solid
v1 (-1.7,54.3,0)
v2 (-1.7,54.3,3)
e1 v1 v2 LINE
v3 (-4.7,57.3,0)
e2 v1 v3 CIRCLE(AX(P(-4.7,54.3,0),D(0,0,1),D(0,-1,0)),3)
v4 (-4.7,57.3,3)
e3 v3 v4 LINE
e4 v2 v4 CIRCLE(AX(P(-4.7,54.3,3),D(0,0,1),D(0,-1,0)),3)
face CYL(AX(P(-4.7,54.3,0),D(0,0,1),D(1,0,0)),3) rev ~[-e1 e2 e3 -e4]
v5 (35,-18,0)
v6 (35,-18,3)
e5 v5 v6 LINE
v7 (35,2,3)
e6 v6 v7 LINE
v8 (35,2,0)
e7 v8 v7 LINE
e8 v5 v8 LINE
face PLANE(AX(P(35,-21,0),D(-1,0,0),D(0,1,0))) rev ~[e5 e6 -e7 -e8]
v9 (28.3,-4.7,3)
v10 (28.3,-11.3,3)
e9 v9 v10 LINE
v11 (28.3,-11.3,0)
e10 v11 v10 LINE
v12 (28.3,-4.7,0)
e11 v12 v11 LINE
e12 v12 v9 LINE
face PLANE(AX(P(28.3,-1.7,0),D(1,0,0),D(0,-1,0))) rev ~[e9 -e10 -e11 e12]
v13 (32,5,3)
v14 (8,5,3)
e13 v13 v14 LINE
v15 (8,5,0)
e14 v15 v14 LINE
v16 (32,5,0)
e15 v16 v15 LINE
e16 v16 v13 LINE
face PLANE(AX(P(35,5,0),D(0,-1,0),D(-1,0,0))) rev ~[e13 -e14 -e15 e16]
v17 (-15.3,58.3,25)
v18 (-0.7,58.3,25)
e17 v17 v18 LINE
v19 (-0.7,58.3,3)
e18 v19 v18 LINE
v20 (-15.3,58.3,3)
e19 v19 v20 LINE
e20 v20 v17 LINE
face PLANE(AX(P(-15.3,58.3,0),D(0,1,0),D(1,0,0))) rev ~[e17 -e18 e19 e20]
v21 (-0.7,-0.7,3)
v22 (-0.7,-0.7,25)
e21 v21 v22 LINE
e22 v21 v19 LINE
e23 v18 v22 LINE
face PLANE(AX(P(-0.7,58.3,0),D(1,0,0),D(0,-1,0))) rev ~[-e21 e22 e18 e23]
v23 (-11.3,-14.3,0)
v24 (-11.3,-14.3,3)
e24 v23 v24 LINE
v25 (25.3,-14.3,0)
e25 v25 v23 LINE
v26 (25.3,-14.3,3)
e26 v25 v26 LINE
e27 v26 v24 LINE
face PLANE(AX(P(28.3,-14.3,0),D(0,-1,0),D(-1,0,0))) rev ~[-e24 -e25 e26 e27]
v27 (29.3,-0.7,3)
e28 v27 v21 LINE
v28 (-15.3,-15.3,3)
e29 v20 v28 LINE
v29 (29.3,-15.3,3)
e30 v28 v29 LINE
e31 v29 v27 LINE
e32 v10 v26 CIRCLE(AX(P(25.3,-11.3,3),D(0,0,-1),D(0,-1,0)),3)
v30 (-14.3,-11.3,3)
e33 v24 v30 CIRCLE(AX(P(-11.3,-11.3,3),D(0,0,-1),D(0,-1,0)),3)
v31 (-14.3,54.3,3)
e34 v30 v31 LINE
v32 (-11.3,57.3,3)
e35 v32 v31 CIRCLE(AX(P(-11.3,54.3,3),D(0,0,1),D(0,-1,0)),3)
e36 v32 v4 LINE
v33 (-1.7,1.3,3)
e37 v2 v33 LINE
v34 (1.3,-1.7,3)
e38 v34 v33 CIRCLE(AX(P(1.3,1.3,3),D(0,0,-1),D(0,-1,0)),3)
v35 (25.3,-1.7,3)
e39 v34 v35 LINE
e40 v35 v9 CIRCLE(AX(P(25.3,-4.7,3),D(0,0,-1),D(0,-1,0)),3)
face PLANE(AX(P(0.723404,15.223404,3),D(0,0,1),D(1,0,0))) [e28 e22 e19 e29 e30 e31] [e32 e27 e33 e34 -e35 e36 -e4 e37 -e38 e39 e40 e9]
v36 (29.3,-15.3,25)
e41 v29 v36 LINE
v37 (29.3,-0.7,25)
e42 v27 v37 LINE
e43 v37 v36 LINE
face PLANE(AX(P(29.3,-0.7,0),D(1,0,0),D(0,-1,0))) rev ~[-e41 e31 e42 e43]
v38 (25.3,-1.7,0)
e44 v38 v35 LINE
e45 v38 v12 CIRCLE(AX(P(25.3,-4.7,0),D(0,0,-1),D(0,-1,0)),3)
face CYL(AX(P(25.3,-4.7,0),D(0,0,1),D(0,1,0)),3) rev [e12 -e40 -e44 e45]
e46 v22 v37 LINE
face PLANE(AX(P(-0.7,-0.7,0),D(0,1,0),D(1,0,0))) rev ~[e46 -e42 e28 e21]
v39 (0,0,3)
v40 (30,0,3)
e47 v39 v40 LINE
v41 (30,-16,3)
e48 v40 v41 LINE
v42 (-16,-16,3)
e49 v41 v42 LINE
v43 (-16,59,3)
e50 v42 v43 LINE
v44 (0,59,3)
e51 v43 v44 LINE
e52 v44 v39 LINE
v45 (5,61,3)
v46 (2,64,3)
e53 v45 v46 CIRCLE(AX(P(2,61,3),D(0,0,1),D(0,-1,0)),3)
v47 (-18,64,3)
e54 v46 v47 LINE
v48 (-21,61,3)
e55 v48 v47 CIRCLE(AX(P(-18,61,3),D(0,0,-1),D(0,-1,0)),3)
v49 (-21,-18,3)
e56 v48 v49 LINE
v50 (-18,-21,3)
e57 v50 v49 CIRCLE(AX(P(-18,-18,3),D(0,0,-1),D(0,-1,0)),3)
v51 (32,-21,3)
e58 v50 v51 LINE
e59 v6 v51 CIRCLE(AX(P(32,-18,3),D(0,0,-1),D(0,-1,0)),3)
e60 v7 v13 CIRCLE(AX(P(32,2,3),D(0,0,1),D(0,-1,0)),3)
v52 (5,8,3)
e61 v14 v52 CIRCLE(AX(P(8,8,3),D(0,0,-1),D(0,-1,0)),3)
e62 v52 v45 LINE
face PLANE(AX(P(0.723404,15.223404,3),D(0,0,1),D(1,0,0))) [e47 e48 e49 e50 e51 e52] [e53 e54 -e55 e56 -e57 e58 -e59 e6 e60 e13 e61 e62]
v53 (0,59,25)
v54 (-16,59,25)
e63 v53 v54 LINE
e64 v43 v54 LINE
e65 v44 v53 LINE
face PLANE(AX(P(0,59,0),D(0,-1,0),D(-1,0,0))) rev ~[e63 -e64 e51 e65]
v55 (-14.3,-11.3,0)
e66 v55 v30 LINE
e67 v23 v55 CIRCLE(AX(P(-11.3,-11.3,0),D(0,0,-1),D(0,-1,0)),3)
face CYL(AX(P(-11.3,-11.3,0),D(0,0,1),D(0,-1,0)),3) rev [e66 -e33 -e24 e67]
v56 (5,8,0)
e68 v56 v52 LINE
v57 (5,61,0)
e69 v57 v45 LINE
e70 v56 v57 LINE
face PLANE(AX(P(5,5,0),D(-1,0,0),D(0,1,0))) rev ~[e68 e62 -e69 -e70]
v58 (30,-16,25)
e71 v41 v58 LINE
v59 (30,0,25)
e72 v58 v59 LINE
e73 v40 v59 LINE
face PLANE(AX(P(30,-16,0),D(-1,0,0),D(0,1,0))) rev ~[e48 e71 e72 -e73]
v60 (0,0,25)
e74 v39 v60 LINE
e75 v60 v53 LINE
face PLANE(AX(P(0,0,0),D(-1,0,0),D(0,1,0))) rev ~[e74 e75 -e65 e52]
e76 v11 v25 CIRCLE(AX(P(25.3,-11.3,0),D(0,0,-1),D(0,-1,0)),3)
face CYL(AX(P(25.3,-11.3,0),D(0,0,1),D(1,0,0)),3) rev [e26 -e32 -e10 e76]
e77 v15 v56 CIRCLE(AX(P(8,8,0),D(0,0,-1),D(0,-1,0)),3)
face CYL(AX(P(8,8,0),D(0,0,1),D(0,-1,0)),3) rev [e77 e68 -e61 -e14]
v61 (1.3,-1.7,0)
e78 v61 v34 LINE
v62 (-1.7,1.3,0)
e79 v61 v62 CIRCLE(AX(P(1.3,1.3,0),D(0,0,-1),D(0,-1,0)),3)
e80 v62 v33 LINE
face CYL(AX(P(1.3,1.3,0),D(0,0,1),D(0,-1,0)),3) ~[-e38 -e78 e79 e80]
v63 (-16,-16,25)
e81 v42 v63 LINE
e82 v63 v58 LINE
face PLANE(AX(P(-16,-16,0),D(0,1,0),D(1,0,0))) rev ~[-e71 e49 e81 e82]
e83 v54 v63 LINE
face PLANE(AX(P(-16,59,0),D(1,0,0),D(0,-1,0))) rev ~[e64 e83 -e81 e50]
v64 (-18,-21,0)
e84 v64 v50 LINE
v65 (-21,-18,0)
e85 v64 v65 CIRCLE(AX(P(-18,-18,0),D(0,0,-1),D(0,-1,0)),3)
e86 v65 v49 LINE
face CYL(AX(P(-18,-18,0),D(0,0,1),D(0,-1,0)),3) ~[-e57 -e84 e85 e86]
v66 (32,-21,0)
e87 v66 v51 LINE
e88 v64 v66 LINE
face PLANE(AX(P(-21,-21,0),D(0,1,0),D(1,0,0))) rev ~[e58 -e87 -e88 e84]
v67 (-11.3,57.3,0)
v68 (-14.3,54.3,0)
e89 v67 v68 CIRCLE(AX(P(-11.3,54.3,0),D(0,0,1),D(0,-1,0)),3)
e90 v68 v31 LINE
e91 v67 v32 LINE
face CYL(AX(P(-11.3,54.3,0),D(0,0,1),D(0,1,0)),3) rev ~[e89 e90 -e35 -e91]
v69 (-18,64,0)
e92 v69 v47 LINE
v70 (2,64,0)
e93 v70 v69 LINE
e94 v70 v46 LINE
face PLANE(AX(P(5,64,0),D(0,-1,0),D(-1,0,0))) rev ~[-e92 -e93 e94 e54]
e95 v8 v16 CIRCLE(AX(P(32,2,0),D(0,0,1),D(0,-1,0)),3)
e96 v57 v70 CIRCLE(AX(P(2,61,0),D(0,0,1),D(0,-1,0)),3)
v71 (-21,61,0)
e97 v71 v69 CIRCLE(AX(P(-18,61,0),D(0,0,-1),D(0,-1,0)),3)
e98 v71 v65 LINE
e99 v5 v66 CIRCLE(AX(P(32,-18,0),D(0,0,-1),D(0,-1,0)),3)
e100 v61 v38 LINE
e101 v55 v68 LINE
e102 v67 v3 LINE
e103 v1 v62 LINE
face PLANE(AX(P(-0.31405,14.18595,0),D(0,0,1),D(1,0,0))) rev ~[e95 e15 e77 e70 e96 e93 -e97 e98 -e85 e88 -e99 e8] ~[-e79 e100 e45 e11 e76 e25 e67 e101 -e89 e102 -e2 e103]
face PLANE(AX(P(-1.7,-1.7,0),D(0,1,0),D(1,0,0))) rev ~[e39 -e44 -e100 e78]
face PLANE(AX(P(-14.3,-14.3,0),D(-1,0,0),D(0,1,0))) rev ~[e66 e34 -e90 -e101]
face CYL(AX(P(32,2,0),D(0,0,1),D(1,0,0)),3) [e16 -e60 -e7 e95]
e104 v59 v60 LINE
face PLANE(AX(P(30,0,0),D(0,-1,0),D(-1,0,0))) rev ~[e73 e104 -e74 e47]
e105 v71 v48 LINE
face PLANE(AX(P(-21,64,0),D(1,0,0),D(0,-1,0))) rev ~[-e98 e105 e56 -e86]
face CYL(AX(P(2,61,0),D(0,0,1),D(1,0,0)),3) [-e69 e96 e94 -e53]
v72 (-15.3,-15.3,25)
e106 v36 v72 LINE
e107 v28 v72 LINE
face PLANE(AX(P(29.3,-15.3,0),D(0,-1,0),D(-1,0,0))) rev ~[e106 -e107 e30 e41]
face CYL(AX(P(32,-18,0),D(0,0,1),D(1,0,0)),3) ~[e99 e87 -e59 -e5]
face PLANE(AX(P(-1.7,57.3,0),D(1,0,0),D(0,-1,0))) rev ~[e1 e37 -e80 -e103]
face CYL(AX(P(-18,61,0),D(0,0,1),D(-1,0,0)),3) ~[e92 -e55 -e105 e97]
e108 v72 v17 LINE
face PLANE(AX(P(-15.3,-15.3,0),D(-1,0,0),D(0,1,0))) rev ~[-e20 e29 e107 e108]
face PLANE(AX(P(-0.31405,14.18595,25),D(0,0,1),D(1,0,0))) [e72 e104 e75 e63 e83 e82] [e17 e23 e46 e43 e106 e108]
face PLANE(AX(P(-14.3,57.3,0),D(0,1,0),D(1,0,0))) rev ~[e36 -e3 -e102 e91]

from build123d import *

# Parameters (mm, degrees)
F1_DEPTH = 3
F2_DEPTH = 25
F3_R     = 3


with BuildPart() as f1:
    # F0 (on Top) → F1 (new body)
    with BuildSketch(Plane.XY):
        Polygon((34.9999997169, -20.9999997169), (34.9999997169, 4.9999997169), (4.9999997169, 4.9999997169), (4.9999997169, 63.9999997169), (-20.9999997169, 63.9999997169), (-20.9999997169, -20.9999997169), align=None)
        Polygon((0, 59), (0, 0), (30, 0), (30, -16), (-16, -16), (-16, 59), align=None, mode=Mode.SUBTRACT)
        Polygon((30, 0), (0, 0), (0, 59), (-16, 59), (-16, -16), (30, -16), align=None)
        Polygon((-15.3, 58.3), (-0.7, 58.3), (-0.7, -0.7), (29.3, -0.7), (29.3, -15.3), (-15.3, -15.3), align=None, mode=Mode.SUBTRACT)
        Polygon((-0.7, -0.7), (-0.7, 58.3), (-15.3, 58.3), (-15.3, -15.3), (29.3, -15.3), (29.3, -0.7), align=None)
        Polygon((28.3, -1.7), (28.3, -14.3), (-14.3, -14.3), (-14.3, 57.3), (-1.7, 57.3), (-1.7, -1.7), align=None, mode=Mode.SUBTRACT)
    extrude(amount=F1_DEPTH)

    # F0 (on Top) → F2 (join)
    with BuildSketch(Plane.XY):
        Polygon((30, 0), (0, 0), (0, 59), (-16, 59), (-16, -16), (30, -16), align=None)
        Polygon((-15.3, 58.3), (-0.7, 58.3), (-0.7, -0.7), (29.3, -0.7), (29.3, -15.3), (-15.3, -15.3), align=None, mode=Mode.SUBTRACT)
    extrude(amount=F2_DEPTH)

    # F3
    f3_edges = [f1.edges().sort_by_distance(p)[0] for p in [
        (35, -21, 1.5),
        (35, 5, 1.5),
        (5, 5, 1.5),
        (5, 64, 1.5),
        (-21, 64, 1.5),
        (-21, -21, 1.5),
        (-14.3, -14.3, 1.5),
        (-1.7, -1.7, 1.5),
        (28.3, -14.3, 1.5),
        (28.3, -1.7, 1.5),
        (-1.7, 57.3, 1.5),
        (-14.3, 57.3, 1.5),
    ]]
    fillet(f3_edges, radius=F3_R)


solid = f1.part
